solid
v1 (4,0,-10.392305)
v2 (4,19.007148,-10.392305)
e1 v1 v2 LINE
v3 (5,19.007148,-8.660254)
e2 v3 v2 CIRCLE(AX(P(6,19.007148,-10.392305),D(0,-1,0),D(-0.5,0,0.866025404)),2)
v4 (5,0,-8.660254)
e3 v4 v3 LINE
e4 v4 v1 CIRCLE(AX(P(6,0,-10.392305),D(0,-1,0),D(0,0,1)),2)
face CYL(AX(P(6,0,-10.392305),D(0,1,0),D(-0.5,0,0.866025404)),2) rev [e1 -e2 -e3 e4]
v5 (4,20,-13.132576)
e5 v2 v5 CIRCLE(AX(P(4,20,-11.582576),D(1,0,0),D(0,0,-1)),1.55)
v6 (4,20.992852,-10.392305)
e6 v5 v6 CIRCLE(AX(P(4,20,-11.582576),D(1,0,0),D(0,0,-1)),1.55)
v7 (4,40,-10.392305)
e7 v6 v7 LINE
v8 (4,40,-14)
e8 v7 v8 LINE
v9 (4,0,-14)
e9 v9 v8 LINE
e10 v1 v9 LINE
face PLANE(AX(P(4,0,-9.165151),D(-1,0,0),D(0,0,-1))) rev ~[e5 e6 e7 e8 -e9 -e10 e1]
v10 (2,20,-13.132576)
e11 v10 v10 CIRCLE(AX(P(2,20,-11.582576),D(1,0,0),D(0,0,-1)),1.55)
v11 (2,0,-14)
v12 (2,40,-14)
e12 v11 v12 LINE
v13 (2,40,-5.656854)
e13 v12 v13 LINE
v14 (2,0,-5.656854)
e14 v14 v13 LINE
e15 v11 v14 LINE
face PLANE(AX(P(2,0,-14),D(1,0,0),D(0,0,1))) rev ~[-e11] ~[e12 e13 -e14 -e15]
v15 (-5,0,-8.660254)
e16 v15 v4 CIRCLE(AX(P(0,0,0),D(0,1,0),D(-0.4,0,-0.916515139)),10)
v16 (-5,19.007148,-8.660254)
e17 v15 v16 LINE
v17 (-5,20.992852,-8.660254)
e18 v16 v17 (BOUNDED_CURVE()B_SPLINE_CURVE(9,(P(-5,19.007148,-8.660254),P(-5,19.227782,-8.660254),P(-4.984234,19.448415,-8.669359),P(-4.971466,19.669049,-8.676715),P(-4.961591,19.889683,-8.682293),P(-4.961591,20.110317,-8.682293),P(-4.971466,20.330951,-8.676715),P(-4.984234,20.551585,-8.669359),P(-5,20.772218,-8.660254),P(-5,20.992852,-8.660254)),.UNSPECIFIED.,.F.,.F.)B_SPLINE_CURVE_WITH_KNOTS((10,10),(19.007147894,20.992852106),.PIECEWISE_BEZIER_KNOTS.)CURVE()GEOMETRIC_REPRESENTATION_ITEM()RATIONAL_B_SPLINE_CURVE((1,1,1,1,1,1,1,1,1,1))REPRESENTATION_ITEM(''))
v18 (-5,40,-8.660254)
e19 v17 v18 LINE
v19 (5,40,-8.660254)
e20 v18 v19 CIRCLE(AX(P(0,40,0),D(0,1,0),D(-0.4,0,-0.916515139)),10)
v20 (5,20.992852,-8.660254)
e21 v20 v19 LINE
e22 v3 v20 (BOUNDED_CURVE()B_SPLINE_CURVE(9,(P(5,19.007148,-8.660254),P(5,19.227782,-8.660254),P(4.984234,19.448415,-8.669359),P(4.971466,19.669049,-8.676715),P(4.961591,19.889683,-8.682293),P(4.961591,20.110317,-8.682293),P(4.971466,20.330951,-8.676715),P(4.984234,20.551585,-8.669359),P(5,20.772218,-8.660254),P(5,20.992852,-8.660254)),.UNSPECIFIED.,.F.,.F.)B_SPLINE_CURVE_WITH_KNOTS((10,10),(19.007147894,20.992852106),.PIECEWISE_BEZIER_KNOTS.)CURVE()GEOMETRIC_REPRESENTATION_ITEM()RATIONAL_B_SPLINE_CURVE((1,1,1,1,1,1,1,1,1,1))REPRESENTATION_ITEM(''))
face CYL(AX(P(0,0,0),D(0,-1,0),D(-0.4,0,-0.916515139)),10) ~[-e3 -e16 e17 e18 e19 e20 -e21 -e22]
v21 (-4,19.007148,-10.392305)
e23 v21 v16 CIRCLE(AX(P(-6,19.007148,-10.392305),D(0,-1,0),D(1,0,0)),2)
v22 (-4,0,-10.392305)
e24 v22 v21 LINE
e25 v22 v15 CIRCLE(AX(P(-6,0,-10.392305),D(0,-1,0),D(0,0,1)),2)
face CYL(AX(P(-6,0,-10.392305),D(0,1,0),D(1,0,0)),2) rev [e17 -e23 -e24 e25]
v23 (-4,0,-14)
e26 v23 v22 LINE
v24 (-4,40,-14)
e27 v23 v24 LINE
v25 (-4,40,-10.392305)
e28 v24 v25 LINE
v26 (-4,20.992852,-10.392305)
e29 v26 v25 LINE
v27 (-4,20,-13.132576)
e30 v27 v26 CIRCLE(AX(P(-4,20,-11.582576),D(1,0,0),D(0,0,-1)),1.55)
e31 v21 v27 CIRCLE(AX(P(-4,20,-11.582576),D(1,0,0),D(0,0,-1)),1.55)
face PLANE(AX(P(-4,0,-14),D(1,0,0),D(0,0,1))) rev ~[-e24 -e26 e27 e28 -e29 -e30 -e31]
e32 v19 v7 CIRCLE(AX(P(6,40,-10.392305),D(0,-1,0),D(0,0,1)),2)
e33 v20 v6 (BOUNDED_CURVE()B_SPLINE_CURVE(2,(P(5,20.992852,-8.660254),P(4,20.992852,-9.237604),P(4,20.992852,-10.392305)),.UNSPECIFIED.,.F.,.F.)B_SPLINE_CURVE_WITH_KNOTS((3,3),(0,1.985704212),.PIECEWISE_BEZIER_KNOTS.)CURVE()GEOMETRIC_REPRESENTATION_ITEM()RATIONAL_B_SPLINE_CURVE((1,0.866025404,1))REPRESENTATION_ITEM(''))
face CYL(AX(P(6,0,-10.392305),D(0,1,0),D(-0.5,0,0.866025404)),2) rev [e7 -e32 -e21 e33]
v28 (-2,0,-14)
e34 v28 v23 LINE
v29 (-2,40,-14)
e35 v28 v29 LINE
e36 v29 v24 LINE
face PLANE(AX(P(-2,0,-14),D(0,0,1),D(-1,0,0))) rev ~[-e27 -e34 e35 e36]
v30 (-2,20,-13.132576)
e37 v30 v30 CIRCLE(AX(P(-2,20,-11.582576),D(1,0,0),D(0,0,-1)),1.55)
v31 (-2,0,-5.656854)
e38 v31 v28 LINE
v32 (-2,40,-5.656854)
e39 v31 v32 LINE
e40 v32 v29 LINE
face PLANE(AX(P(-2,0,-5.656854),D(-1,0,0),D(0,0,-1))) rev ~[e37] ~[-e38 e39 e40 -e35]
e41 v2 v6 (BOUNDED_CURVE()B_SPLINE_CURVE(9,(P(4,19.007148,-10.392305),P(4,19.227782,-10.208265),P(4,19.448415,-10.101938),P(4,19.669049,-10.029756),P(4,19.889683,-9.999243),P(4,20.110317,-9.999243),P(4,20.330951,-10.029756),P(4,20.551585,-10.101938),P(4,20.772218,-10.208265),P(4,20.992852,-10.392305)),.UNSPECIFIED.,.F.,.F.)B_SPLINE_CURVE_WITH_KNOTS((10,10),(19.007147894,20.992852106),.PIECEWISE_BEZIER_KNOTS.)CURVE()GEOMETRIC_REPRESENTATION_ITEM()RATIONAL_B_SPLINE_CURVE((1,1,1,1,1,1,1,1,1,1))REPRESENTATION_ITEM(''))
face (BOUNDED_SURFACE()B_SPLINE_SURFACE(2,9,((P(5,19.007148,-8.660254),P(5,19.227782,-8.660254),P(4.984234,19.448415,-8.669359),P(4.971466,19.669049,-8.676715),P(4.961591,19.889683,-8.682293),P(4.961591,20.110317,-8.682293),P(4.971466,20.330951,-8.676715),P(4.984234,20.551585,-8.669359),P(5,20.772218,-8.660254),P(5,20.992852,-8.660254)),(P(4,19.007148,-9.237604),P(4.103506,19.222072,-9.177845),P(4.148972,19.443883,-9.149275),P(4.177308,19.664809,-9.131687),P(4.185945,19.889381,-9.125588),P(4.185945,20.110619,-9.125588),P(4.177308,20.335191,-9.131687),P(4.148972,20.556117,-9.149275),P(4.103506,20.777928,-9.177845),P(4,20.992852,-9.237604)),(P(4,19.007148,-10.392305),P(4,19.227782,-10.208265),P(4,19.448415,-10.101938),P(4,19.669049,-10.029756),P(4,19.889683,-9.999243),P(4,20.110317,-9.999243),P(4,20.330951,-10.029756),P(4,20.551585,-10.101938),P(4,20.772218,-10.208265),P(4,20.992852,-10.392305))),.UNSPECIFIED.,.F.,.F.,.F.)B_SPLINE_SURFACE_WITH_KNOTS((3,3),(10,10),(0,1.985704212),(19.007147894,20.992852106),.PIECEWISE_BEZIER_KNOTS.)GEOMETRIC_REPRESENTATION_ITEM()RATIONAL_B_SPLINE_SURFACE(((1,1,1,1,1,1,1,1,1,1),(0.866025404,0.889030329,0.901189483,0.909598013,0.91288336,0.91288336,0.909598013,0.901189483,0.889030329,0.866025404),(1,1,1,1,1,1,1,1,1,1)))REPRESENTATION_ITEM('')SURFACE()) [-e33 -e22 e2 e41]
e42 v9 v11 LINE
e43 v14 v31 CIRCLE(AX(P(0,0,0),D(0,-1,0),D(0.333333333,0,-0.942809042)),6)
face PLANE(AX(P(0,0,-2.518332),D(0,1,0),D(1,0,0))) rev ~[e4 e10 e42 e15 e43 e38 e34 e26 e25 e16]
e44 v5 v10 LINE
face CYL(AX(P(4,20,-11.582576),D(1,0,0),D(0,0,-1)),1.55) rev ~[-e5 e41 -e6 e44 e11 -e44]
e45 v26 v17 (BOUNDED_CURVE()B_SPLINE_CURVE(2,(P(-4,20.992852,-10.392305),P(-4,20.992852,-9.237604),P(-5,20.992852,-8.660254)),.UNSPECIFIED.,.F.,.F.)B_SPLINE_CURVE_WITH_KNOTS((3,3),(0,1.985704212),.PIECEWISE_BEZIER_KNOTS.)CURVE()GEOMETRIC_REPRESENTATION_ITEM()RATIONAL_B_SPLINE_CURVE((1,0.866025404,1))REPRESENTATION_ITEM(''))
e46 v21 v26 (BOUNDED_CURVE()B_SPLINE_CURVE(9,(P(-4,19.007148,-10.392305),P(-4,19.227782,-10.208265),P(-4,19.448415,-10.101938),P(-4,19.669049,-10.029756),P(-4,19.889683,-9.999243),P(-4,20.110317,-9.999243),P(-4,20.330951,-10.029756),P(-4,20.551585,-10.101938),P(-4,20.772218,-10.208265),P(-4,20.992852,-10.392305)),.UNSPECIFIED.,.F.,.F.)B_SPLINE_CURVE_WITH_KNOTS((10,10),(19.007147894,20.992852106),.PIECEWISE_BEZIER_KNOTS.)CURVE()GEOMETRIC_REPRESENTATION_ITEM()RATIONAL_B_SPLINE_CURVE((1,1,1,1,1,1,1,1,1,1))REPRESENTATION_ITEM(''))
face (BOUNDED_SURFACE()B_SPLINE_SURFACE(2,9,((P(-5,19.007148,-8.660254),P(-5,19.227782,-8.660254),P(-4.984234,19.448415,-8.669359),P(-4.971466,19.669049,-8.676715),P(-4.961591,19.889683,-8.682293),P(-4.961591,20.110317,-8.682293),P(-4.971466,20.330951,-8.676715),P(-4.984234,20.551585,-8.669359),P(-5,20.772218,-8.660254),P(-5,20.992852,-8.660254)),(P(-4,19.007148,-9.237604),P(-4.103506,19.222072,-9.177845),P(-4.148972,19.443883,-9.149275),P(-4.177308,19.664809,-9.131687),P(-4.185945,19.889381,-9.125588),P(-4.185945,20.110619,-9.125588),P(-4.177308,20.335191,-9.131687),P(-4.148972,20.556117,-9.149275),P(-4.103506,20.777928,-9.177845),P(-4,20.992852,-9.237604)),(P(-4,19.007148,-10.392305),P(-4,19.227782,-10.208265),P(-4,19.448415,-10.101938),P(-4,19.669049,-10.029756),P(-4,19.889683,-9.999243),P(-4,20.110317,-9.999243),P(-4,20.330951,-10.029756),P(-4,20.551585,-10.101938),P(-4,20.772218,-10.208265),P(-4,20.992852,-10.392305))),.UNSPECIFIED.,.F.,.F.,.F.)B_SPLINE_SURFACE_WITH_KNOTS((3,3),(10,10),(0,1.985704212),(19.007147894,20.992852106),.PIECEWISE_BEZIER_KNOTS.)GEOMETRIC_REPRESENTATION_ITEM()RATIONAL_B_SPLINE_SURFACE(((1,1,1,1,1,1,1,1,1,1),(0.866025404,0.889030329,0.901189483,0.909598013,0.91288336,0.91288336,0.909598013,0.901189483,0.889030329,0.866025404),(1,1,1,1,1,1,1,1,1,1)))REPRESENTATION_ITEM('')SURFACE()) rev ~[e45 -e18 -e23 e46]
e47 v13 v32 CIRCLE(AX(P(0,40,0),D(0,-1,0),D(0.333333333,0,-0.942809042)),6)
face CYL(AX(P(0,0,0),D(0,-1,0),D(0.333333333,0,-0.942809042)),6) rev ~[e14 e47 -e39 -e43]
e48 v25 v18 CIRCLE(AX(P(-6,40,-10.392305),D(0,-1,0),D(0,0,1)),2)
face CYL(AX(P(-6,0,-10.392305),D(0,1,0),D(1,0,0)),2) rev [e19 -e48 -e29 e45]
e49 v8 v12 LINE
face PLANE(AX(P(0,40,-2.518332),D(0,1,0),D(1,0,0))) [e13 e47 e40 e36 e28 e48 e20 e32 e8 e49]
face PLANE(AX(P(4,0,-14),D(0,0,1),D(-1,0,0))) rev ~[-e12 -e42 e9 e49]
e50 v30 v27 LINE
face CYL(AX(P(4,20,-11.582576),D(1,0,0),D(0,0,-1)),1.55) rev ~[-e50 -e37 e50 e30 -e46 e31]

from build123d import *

# Parameters (mm, degrees)
BOSS_EXTRUDE4_DEPTH = 40
SKETCH2_R           = 1.55
CUT_EXTRUDE1_DEPTH  = 45.631827209
FILLET1_R           = 2


with BuildPart() as part:
    # Sketch1 → Boss-Extrude4 (new body)
    with BuildSketch(Plane(origin=(0, 0, 0), x_dir=(1, 0, 0), z_dir=(0, 1, 0))):
        with BuildLine():
            Line((-2, 14), (-4, 14))
            Line((-4, 14), (-4, 9.16515139))
            ThreePointArc((-4, 9.16515139), (0, -10), (4, 9.16515139))
            Line((4, 9.16515139), (4, 14))
            Line((4, 14), (2, 14))
            Line((2, 14), (2, 5.656854249))
            ThreePointArc((2, 5.656854249), (0, -6), (-2, 5.656854249))
            Line((-2, 5.656854249), (-2, 14))
        make_face()
    extrude(amount=BOSS_EXTRUDE4_DEPTH)

    # Sketch2 → Cut-Extrude1 (cut, through all)
    with BuildSketch(Plane(origin=(4, 0, 0), x_dir=(0, 0, -1), z_dir=(1, 0, 0))):
        with Locations((11.582575695, 20)):
            Circle(SKETCH2_R)
    extrude(amount=-CUT_EXTRUDE1_DEPTH, mode=Mode.SUBTRACT)

    # Fillet1
    fillet1_edges = [part.edges().sort_by_distance(p)[0] for p in [
        (4, 20, -9.16515139),
        (-4, 20, -9.16515139),
    ]]
    fillet(fillet1_edges, radius=FILLET1_R)


solid = part.part
